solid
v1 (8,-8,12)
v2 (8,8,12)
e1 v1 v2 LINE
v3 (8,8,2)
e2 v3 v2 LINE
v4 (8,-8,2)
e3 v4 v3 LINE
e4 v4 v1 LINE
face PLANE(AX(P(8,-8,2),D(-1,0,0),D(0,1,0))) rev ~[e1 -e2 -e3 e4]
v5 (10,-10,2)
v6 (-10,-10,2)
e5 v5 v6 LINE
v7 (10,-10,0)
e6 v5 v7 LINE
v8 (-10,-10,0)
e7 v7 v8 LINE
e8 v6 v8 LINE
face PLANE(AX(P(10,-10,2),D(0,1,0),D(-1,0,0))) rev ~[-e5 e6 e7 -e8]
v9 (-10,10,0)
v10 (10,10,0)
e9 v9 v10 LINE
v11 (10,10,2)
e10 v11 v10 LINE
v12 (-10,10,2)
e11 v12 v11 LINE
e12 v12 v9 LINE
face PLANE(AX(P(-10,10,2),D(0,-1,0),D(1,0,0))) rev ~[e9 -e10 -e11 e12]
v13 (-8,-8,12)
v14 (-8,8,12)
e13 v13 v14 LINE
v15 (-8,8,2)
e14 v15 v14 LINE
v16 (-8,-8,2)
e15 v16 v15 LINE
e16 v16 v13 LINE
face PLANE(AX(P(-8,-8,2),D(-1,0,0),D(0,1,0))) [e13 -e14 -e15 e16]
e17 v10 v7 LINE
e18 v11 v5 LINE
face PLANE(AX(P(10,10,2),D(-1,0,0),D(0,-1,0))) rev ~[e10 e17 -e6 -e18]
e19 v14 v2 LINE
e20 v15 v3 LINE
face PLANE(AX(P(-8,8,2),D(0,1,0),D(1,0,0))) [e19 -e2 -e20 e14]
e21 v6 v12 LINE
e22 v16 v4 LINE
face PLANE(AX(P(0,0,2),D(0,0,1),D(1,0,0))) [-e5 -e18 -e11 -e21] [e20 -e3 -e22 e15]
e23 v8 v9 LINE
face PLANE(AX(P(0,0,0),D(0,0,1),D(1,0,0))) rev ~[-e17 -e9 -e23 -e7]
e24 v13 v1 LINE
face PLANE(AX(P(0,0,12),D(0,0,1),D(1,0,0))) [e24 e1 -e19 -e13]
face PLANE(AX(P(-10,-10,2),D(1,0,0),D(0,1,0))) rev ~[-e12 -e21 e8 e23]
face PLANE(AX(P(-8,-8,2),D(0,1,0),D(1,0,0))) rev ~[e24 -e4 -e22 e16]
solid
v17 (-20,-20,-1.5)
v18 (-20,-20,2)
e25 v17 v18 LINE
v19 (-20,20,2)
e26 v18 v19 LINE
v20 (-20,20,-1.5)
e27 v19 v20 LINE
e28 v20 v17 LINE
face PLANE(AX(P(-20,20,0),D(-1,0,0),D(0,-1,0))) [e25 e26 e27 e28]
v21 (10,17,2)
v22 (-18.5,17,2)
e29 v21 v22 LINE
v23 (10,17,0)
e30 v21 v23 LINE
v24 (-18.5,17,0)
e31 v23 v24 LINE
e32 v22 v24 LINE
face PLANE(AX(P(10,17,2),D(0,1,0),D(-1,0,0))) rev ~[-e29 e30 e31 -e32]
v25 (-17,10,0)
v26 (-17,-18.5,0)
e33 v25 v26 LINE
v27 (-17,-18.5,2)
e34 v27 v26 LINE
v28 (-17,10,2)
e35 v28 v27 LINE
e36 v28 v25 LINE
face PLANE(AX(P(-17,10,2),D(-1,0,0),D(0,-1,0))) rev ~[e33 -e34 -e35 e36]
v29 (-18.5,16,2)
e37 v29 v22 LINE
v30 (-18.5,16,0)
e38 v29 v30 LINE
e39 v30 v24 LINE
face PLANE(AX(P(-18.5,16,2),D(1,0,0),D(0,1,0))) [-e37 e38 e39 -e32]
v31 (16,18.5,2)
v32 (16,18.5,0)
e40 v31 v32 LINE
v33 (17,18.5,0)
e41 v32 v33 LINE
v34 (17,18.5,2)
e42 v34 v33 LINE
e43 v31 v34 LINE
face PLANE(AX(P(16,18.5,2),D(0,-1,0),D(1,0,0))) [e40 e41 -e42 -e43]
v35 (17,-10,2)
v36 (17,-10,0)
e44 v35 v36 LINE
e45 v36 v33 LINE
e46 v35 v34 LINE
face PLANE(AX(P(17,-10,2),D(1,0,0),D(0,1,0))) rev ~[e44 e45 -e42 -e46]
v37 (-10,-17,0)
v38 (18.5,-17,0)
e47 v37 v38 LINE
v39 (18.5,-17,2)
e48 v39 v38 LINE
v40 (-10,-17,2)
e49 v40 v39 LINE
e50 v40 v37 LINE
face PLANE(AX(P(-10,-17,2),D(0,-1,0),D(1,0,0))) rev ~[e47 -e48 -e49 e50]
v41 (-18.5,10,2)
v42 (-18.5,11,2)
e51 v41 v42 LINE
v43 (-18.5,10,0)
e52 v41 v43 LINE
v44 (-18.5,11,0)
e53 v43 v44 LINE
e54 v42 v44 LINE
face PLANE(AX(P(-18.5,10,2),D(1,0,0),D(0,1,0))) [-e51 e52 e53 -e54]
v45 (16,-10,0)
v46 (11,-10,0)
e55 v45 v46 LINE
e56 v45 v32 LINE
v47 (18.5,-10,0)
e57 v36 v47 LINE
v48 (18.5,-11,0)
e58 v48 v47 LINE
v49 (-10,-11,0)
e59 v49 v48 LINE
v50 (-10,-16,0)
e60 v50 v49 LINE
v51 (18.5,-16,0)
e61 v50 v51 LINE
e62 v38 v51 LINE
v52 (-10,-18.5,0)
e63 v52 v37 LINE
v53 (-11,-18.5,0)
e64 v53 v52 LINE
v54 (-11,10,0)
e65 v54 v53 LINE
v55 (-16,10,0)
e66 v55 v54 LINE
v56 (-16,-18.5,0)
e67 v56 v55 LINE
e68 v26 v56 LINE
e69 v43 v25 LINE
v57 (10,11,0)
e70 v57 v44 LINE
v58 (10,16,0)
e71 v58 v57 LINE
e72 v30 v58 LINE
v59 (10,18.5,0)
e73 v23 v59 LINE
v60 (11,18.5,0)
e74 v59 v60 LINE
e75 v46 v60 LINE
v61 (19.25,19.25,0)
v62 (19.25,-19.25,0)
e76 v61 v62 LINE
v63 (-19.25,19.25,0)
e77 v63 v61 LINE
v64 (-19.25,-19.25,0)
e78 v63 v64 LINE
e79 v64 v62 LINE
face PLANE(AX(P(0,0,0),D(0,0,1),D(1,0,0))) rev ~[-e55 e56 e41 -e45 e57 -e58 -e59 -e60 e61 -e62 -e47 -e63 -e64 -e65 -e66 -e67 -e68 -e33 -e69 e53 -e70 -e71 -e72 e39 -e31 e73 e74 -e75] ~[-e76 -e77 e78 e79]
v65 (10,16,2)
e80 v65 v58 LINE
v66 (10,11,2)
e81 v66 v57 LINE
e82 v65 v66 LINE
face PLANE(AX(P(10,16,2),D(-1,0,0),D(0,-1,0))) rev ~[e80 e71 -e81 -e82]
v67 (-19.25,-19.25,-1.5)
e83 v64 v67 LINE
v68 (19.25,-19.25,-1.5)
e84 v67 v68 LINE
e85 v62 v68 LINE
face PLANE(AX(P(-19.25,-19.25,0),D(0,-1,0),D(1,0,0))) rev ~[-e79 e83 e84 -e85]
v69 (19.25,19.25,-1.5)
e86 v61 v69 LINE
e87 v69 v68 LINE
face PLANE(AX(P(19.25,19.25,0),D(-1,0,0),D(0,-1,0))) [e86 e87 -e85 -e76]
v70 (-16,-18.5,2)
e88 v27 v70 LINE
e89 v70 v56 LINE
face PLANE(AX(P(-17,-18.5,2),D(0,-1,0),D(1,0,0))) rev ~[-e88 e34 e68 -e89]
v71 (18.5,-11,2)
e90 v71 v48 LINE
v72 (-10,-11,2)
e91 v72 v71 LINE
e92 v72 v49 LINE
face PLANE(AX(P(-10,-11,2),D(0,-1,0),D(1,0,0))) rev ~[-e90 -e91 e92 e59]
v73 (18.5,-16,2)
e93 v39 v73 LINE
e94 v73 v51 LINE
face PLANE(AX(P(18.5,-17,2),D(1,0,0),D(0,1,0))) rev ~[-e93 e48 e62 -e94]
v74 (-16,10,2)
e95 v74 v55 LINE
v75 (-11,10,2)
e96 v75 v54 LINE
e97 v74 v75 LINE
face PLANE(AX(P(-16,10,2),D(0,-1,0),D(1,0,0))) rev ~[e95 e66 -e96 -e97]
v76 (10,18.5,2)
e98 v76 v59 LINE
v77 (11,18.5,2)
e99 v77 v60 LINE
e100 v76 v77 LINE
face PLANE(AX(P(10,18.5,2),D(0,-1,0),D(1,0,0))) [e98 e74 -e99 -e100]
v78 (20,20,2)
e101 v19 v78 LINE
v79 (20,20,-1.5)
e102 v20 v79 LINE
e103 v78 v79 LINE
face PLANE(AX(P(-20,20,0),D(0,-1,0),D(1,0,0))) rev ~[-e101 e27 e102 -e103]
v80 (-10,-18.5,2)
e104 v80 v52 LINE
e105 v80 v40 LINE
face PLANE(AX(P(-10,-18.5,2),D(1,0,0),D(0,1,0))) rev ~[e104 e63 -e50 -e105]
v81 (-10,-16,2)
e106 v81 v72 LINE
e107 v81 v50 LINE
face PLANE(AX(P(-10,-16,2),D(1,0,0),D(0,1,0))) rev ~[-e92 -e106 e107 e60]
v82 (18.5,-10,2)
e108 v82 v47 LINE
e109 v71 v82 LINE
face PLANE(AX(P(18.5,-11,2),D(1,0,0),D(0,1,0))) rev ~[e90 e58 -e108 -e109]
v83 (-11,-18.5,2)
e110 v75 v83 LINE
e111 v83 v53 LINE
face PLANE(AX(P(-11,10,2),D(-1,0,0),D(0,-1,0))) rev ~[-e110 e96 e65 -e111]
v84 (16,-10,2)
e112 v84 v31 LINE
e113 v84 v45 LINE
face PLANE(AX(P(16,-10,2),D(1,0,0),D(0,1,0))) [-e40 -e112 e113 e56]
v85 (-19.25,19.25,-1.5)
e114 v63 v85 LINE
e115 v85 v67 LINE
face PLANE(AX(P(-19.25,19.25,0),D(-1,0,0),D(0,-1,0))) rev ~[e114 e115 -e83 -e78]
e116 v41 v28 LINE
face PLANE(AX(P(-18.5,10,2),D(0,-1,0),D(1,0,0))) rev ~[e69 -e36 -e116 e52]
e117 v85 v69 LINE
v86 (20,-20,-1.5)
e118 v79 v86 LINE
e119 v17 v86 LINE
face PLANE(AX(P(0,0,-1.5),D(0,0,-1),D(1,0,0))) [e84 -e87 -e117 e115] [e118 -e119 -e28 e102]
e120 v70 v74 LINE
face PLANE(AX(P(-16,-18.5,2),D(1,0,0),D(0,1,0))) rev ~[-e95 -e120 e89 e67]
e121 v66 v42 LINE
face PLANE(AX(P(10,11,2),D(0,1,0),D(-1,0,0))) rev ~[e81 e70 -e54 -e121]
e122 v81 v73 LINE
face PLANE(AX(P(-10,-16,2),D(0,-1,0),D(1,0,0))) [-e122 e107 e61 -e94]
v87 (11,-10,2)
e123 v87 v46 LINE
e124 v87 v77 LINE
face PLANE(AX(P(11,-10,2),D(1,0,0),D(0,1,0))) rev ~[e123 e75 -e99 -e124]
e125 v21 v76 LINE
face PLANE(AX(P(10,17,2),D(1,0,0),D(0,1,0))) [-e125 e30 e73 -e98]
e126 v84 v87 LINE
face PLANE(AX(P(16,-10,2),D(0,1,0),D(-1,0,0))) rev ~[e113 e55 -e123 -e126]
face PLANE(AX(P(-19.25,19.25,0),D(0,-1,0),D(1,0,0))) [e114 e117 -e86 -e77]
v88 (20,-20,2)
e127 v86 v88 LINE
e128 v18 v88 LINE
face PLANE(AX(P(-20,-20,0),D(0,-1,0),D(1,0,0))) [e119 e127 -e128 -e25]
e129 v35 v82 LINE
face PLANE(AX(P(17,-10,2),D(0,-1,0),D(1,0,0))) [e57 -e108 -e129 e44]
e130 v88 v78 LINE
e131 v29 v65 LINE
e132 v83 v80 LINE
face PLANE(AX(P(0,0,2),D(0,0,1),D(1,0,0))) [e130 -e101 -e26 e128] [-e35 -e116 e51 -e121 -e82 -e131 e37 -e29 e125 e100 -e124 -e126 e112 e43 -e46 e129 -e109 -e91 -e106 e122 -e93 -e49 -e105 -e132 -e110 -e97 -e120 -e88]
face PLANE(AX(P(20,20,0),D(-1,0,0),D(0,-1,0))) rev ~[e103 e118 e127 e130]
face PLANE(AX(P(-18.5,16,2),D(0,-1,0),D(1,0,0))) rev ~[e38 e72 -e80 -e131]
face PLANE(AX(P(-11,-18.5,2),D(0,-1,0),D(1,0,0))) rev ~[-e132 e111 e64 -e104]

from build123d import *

# Parameters (mm, degrees)
F0_W     = 40
F0_H     = 40
F1_DEPTH = 2
F2_W     = 40
F2_H     = 40
F2_W_2   = 38.5
F2_H_2   = 38.5
F3_DEPTH = 1.5
F5_W     = 15
F5_H     = 1
F5_W_2   = 5
F5_W_3   = 1
F5_H_2   = 5
F5_H_3   = 15
F5_W_4   = 28.5
F5_H_4   = 28.5
F5_W_5   = 1.5
F5_H_5   = 1.5
F6_DEPTH = 3.501
F7_W     = 16
F7_H     = 16
F8_DEPTH = 10


with BuildPart() as f1:
    # F0 (on Top) → F1 (new body)
    with BuildSketch(Plane.XY):
        Rectangle(F0_W, F0_H)
    extrude(amount=F1_DEPTH)

    # F2 (on face) → F3 (join)
    with BuildSketch(Plane(origin=(0, 0, 0), x_dir=(1, 0, 0), z_dir=(0, 0, -1))):
        Rectangle(F2_W, F2_H)
        Rectangle(F2_W_2, F2_H_2, mode=Mode.SUBTRACT)
    extrude(amount=F3_DEPTH)

    # F5 (on face) → F6 (cut, through all)
    with BuildSketch(Plane.XY.offset(2)):
        with Locations((2.5, -10.5)):
            Rectangle(F5_W, F5_H)
        with Locations((-7.5, -10.5)):
            Rectangle(F5_W_2, F5_H)
        with Locations((10.5, -7.5)):
            Rectangle(F5_W_3, F5_H_2)
        with Locations((10.5, -10.5)):
            Rectangle(F5_W_3, F5_H)
        with Locations((-10.5, -2.5)):
            Rectangle(F5_W_3, F5_H_3)
        with Locations((-10.5, -10.5)):
            Rectangle(F5_W_3, F5_H)
        Polygon((-10, -16), (-10, -11), (-11, -11), (-11, -17), (-10, -17), align=None)
        Polygon((16, -10), (11, -10), (11, -11), (17, -11), (17, -10), align=None)
        with Locations((10.5, 2.5)):
            Rectangle(F5_W_3, F5_H_3)
        with Locations((-10.5, 7.5)):
            Rectangle(F5_W_3, F5_H_2)
        with Locations((4.25, -16.5)):
            Rectangle(F5_W_4, F5_H)
        with Locations((16.5, 4.25)):
            Rectangle(F5_W_3, F5_H_4)
        with Locations((7.5, 10.5)):
            Rectangle(F5_W_2, F5_H)
        with Locations((10.5, 10.5)):
            Rectangle(F5_W_3, F5_H)
        with Locations((-10.5, 10.5)):
            Rectangle(F5_W_3, F5_H)
        with Locations((-2.5, 10.5)):
            Rectangle(F5_W, F5_H)
        with Locations((17.75, -10.5)):
            Rectangle(F5_W_5, F5_H)
        with Locations((-10.5, -17.75)):
            Rectangle(F5_W_3, F5_H_5)
        Polygon((10, 16), (10, 11), (11, 11), (11, 17), (10, 17), align=None)
        Polygon((-16, 10), (-11, 10), (-11, 11), (-17, 11), (-17, 10), align=None)
        with Locations((-4.25, 16.5)):
            Rectangle(F5_W_4, F5_H)
        with Locations((-16.5, -4.25)):
            Rectangle(F5_W_3, F5_H_4)
        with Locations((10.5, 17.75)):
            Rectangle(F5_W_3, F5_H_5)
        with Locations((-17.75, 10.5)):
            Rectangle(F5_W_5, F5_H)
    extrude(amount=-F6_DEPTH, mode=Mode.SUBTRACT)

    # F7 (on face) → F8 (join)
    with BuildSketch(Plane.XY.offset(2)):
        Rectangle(F7_W, F7_H)
    extrude(amount=F8_DEPTH)


solid = f1.part
